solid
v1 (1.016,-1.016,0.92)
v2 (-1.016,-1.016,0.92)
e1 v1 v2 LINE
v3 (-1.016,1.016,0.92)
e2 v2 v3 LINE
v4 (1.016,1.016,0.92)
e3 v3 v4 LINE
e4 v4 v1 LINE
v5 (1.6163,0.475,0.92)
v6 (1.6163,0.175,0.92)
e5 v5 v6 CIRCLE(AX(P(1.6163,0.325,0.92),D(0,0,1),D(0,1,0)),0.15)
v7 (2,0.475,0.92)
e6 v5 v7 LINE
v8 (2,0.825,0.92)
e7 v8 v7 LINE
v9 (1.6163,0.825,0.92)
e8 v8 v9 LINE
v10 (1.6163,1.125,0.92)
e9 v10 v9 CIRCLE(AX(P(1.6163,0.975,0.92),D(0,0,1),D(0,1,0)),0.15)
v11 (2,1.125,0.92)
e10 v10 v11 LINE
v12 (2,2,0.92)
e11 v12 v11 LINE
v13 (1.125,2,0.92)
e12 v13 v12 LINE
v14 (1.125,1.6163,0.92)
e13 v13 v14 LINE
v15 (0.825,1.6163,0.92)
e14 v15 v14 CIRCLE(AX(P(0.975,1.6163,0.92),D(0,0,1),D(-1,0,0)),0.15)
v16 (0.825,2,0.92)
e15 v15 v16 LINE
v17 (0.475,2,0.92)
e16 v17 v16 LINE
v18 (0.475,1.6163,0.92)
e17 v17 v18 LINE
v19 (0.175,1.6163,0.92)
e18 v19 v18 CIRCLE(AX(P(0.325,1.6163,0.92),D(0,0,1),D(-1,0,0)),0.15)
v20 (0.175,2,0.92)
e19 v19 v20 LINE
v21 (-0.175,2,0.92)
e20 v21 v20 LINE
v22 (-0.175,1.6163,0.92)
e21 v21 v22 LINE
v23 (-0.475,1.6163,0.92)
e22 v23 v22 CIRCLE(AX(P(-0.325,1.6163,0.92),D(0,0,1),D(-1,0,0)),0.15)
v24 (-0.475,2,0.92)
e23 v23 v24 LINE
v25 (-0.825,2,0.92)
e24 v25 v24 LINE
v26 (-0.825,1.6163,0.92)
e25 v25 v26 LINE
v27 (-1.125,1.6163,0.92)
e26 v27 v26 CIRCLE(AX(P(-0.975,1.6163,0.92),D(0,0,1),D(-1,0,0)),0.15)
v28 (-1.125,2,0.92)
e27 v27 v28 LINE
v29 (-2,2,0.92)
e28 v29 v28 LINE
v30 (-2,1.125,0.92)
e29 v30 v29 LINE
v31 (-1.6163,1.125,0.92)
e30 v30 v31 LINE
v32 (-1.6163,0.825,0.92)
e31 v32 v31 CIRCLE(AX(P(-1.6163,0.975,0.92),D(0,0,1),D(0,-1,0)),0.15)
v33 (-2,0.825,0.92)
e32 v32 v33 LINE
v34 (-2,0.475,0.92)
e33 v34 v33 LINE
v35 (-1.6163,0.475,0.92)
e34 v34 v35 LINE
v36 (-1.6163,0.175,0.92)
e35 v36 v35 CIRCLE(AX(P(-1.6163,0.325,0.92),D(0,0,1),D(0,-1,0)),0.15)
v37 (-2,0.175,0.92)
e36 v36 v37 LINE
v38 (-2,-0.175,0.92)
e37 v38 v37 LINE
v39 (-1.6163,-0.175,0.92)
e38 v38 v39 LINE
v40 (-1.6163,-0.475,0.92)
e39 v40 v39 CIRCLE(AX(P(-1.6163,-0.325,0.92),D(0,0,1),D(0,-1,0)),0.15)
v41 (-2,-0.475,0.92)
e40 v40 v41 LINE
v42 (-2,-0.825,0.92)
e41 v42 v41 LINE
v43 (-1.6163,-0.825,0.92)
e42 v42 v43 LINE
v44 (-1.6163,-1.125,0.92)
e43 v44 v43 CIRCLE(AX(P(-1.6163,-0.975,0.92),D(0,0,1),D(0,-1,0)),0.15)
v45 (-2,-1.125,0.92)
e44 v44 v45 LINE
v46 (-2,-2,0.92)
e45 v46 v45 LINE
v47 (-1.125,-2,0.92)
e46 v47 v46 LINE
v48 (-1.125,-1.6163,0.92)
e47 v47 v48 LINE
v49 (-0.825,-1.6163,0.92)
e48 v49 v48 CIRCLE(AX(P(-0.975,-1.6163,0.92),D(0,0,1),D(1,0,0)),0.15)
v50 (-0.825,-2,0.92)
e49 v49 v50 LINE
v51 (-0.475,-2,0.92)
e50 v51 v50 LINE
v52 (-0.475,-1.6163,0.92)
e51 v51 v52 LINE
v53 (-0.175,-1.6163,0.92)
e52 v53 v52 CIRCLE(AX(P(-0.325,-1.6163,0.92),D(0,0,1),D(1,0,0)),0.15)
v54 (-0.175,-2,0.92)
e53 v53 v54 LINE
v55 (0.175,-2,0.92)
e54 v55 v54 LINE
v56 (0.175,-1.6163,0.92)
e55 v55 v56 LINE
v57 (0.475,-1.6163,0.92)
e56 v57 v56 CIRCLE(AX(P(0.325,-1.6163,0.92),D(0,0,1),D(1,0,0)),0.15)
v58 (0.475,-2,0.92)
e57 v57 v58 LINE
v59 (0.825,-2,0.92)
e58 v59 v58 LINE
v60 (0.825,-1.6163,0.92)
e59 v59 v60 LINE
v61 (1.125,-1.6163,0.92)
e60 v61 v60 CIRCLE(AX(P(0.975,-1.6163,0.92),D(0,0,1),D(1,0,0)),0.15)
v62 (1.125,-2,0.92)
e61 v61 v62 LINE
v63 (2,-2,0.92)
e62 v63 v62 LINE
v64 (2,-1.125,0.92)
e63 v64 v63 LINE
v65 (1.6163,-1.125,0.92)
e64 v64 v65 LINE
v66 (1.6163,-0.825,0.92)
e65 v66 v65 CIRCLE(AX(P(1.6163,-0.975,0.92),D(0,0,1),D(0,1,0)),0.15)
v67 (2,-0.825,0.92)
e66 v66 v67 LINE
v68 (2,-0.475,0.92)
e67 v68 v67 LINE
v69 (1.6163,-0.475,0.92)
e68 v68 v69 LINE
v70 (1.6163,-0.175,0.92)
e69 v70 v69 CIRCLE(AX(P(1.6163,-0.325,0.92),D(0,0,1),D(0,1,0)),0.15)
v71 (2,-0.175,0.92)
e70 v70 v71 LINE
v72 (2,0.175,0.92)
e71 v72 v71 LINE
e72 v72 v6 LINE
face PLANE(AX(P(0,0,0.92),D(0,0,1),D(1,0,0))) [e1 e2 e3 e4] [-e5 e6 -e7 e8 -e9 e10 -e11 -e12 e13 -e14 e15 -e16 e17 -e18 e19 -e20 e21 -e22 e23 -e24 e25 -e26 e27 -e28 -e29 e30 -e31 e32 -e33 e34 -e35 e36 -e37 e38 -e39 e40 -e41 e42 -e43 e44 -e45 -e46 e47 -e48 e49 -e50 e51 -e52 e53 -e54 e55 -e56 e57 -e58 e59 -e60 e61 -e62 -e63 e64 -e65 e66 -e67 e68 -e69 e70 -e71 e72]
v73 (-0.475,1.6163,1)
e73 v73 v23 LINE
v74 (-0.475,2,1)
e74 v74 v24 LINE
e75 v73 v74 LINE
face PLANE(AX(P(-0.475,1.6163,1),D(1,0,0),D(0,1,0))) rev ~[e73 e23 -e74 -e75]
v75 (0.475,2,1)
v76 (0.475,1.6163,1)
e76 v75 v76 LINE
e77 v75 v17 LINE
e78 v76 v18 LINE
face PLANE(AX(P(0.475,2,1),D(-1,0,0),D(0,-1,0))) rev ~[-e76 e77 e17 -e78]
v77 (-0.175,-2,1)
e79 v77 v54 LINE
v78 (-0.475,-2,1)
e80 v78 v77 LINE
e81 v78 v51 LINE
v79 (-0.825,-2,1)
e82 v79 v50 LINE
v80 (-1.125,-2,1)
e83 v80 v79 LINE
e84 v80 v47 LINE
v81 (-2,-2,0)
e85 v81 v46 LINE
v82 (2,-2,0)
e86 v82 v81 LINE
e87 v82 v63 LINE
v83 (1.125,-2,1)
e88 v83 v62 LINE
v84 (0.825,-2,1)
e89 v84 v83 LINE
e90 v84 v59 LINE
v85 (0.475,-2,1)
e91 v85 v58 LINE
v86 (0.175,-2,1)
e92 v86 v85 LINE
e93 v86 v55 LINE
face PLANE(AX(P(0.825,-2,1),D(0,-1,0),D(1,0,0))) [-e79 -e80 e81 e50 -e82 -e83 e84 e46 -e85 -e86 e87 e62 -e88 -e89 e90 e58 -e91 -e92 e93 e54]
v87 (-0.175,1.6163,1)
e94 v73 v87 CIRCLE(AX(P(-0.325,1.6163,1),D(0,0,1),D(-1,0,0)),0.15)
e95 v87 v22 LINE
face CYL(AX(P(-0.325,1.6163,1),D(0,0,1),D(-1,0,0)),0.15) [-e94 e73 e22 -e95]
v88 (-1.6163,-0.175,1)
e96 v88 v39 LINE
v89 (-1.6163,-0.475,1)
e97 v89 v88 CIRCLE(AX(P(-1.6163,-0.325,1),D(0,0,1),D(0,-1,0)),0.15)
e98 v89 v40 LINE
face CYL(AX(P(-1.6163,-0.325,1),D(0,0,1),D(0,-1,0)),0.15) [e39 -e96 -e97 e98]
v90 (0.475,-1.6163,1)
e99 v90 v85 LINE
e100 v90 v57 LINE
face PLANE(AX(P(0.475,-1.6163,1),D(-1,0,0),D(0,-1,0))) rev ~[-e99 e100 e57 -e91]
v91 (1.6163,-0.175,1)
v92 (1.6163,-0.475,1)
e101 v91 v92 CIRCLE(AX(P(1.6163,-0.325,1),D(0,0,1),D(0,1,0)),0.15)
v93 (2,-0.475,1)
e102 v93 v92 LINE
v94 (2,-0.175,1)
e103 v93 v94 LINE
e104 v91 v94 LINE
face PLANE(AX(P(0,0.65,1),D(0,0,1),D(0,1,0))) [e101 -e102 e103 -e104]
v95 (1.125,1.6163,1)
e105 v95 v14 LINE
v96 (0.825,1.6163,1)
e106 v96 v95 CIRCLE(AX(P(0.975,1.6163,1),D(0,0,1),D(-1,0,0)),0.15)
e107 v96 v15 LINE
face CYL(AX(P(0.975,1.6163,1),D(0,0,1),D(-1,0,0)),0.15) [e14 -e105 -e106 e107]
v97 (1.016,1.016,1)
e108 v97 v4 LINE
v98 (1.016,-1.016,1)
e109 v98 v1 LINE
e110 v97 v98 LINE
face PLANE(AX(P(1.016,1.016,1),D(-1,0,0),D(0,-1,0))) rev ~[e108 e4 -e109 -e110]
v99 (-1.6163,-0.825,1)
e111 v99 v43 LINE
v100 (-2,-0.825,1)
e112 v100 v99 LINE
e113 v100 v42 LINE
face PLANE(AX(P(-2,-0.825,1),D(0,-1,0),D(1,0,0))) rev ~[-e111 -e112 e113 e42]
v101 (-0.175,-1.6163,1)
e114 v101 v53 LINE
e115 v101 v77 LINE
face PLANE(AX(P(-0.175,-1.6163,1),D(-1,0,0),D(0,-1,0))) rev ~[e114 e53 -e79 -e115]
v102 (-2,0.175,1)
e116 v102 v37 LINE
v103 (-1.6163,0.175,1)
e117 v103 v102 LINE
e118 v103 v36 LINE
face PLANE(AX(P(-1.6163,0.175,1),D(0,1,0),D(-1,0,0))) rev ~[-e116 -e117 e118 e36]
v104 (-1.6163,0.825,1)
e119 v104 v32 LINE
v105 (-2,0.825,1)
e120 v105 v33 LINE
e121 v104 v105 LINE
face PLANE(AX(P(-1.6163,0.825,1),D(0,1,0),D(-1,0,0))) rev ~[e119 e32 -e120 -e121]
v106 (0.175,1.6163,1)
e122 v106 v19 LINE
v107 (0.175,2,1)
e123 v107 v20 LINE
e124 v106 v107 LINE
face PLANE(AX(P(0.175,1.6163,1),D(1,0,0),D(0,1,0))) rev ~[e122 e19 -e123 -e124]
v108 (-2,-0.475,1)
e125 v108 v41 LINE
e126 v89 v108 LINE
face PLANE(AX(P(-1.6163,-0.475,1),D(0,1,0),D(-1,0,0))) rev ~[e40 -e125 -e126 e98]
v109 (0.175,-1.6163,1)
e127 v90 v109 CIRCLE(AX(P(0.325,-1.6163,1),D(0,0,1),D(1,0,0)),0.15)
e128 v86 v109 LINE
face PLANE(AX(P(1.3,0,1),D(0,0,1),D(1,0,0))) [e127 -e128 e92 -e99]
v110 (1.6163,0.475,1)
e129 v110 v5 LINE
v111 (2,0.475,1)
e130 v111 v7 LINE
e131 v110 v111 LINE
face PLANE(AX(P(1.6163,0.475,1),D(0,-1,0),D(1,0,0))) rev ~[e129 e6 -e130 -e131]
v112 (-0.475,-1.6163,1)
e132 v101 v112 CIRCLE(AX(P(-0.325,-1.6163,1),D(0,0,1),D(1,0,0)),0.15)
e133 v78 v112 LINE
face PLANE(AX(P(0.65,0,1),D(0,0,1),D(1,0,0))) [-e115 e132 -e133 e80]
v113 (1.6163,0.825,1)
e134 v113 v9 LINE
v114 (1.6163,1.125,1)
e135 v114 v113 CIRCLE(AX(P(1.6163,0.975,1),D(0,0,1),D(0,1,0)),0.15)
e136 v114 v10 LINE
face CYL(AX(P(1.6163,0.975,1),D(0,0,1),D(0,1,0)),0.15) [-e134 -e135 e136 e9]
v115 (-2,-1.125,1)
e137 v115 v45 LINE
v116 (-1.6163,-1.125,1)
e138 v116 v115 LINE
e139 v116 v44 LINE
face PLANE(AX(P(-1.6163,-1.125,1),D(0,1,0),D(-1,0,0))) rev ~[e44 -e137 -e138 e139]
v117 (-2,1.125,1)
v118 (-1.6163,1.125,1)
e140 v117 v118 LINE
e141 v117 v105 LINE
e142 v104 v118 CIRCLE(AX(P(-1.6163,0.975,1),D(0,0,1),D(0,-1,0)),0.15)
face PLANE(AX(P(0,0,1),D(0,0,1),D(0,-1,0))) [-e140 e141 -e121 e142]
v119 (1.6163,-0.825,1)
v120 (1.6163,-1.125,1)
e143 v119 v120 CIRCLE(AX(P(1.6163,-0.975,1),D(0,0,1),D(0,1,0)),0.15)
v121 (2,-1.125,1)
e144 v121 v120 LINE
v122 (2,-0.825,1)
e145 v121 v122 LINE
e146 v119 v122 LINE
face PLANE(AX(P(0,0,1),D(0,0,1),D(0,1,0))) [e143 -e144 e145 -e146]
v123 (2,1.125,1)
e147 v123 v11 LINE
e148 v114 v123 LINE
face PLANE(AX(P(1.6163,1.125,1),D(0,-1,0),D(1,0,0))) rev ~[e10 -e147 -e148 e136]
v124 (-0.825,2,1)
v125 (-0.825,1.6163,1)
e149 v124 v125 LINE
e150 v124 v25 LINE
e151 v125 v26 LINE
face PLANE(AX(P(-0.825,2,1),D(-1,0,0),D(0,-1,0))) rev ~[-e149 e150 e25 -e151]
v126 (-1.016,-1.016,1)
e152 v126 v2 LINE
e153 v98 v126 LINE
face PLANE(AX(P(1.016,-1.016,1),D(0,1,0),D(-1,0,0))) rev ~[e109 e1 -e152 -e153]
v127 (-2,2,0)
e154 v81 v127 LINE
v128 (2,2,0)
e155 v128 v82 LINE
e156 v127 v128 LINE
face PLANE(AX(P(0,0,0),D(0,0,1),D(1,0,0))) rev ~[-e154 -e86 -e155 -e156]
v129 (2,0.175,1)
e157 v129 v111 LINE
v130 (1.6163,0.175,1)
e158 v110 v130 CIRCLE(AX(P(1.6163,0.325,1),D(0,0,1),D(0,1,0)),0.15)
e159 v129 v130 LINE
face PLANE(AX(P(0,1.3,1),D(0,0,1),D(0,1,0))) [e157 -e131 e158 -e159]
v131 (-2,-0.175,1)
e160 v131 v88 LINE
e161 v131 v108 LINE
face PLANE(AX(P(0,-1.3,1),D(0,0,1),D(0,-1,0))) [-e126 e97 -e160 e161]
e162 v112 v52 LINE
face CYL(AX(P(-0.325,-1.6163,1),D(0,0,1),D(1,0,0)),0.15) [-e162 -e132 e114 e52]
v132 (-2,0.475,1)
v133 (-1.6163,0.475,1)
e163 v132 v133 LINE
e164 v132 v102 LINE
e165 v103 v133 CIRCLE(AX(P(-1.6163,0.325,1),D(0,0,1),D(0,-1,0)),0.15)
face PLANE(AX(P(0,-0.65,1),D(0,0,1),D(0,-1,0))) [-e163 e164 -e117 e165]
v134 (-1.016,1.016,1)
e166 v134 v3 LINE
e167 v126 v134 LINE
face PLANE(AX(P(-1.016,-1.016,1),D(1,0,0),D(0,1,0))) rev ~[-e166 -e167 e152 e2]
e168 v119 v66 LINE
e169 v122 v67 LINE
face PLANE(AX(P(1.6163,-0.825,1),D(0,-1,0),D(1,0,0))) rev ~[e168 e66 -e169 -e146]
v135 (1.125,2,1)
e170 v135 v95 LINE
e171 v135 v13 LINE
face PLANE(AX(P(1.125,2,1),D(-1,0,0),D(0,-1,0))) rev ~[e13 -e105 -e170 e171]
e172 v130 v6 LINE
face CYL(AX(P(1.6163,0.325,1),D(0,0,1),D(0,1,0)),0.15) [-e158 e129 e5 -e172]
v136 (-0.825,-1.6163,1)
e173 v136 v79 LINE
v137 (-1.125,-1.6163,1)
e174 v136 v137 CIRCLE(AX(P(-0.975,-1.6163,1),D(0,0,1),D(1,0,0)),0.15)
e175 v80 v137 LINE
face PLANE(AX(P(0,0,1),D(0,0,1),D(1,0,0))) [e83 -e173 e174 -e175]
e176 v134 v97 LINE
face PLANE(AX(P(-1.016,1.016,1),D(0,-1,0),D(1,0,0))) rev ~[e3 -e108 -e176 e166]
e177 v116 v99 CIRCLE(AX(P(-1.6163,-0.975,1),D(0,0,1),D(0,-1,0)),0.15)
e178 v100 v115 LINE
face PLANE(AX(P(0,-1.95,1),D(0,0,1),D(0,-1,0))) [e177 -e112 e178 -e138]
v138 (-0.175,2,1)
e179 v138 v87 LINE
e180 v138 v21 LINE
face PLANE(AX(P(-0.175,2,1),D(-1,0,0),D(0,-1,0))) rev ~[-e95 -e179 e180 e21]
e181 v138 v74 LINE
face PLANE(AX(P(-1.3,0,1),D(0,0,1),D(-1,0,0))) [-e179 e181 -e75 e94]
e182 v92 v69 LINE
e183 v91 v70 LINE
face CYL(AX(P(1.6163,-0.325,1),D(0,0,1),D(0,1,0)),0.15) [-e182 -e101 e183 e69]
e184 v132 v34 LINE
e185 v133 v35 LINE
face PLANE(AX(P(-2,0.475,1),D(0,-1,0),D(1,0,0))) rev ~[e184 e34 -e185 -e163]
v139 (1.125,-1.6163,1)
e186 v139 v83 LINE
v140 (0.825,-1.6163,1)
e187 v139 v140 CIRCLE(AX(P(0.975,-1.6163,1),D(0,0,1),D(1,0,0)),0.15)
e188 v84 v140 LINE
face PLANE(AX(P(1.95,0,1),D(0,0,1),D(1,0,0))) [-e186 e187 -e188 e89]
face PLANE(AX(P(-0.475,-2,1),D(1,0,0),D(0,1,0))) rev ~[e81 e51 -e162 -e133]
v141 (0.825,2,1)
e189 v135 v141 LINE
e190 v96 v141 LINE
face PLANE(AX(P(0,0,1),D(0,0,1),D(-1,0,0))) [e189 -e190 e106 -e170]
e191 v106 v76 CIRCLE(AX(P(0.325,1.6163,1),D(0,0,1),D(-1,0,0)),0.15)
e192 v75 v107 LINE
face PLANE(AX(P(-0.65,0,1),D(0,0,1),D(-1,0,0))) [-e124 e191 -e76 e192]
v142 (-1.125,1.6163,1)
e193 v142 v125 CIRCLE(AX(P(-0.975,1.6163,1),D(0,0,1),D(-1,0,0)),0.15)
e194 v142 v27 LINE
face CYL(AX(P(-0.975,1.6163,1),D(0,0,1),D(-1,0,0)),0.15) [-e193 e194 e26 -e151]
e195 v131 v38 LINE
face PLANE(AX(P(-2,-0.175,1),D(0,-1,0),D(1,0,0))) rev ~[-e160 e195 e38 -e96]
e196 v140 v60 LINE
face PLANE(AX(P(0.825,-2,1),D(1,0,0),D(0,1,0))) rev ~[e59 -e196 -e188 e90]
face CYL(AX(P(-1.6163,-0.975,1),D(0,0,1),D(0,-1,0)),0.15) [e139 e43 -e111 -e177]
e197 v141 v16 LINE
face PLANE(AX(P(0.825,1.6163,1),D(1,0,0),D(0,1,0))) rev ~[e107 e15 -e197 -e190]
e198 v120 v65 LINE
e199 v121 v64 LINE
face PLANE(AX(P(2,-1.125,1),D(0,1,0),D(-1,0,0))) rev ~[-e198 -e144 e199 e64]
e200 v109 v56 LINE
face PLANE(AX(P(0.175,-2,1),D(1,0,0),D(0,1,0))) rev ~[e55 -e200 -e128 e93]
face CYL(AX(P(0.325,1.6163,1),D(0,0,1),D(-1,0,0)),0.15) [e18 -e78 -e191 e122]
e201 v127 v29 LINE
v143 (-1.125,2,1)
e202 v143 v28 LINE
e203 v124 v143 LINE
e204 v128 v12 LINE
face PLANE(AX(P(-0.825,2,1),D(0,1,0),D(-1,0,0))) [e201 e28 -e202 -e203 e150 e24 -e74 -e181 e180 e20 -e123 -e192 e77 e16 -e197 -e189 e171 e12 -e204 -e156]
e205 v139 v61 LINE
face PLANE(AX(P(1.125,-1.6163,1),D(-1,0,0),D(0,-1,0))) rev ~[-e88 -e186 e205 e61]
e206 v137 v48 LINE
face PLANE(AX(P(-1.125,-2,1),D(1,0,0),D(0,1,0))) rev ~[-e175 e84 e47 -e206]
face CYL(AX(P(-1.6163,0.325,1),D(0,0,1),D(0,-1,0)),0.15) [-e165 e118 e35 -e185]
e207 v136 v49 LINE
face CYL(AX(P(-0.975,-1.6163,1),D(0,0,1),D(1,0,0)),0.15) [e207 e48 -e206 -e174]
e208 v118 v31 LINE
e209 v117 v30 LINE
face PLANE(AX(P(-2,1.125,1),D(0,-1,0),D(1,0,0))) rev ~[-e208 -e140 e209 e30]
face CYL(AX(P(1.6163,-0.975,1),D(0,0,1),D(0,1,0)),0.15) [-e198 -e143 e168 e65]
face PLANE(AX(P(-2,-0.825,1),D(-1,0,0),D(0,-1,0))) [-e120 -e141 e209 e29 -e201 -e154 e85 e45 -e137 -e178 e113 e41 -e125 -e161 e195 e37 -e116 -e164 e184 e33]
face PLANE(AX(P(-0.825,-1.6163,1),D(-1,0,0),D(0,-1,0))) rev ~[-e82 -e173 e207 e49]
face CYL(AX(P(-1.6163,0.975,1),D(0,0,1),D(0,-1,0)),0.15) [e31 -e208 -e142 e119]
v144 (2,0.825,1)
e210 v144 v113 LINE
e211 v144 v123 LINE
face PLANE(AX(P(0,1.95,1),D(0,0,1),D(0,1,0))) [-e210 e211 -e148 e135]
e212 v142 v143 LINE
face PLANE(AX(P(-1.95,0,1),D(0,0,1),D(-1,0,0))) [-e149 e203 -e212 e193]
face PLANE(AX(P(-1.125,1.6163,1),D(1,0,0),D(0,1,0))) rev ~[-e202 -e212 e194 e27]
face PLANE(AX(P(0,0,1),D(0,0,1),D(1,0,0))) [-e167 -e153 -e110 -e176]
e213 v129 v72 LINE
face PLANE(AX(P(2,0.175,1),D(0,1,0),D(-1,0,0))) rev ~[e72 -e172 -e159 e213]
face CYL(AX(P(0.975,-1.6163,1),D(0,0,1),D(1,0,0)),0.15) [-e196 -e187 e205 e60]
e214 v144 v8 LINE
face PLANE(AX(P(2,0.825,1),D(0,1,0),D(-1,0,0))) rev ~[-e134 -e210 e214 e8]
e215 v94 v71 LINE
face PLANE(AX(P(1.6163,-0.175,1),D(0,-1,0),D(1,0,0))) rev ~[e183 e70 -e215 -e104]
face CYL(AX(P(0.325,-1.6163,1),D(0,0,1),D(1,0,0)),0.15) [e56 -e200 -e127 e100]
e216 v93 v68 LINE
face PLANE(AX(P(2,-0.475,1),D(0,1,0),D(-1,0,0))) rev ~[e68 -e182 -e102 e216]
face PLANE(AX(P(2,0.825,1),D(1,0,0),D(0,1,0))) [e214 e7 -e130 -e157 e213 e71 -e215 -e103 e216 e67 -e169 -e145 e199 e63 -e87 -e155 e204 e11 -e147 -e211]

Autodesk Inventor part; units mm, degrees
ref_plane "YZ Plane" through (0, 0, 0) normal (1, 0, 0) x (0, 1, 0)
ref_plane "XZ Plane" through (0, 0, 0) normal (0, 1, 0) x (-1, 0, 0)
ref_plane "XY Plane" through (0, 0, 0) normal (0, 0, 1) x (1, 0, 0)
sketch "Sketch1" plane through (0, 0, 0) normal (0, 0, 1) x (1, 0, 0)
  line L0 (-2, 2) -> (2, 2)
  line L1 (2, 2) -> (2, -2)
  line L2 (2, -2) -> (-2, -2)
  line L3 (-2, -2) -> (-2, 2)
  point P0 (0, 0)
  dimension "d0" = 4
  dimension "d1" = 4
  dimension "d22" = 2
  dimension "d23" = 2
extrude "Extrusion1" add sketch "Sketch1" along normal blind 0.92
ref_plane "Work Plane1" through (0, 0, 1) normal (0, 0, 1) x (1, 0, 0)
sketch "Sketch2" plane through (0, 0, 1) normal (0, 0, 1) x (1, 0, 0)
  line L0 (2, 2) -> (-2, 2) projected
  line L1 (-2, 2) -> (-2, -2) projected
  line L2 (-2, -2) -> (2, -2) projected
  line L3 (2, -2) -> (2, 2) projected
  line L4 (-1.125, -2) -> (-1.125, -1.6163)
  line L5 (-0.825, -1.6163) -> (-0.825, -2)
  arc A0 (-0.825, -1.6163) -> (-1.125, -1.6163) centre (-0.975, -1.6163) ccw
  line L6 (-0.475, -2) -> (-0.475, -1.6163)
  line L7 (-0.175, -1.6163) -> (-0.175, -2)
  arc A1 (-0.175, -1.6163) -> (-0.475, -1.6163) centre (-0.325, -1.6163) ccw
  line L8 (0.175, -2) -> (0.175, -1.6163)
  line L9 (0.475, -1.6163) -> (0.475, -2)
  arc A2 (0.475, -1.6163) -> (0.175, -1.6163) centre (0.325, -1.6163) ccw
  line L10 (0.825, -2) -> (0.825, -1.6163)
  line L11 (1.125, -1.6163) -> (1.125, -2)
  arc A3 (1.125, -1.6163) -> (0.825, -1.6163) centre (0.975, -1.6163) ccw
  line L12 (0, 0) -> (0, -2.7079) construction
  dimension "d7" = 0.3837
  dimension "d8" = 0.3
  dimension "d11" = 0.65
  dimension "d16" = 0.325
extrude "Extrusion2" add sketch "Sketch2" against normal blind 0.2 contours L4 A0 L5 L2
pattern_linear "Rectangular Pattern1" count 4 spacing 0.65 along (1, 0, 0) of "Extrusion2"
pattern_circular "Circular Pattern1" count 4 over 360 about axis through (0, 0, -10) along (0, 0, 1) of "Extrusion2", "Rectangular Pattern1"
sketch "Sketch3" plane through (0, 0, 1) normal (0, 0, 1) x (1, 0, 0)
  line L0 (-1.016, 1.016) -> (1.016, 1.016)
  line L1 (1.016, 1.016) -> (1.016, -1.016)
  line L2 (1.016, -1.016) -> (-1.016, -1.016)
  line L3 (-1.016, -1.016) -> (-1.016, 1.016)
  point P0 (0, 0)
  dimension "d27" = 2.032
  dimension "d28" = 2.032
  dimension "d29" = 1.016
  dimension "d30" = 1.016
extrude "Extrusion3" add sketch "Sketch3" against normal blind 0.2
equation "\"d22\" = 0.5 * d0"
equation "\"d23\" = 0.5 * d1"
equation "\"d29\" = 0.5 * d27"
equation "\"d30\" = 0.5 * d28"
properties part number "QFN16_4mmx4mm" material "Phenolic Resin"
